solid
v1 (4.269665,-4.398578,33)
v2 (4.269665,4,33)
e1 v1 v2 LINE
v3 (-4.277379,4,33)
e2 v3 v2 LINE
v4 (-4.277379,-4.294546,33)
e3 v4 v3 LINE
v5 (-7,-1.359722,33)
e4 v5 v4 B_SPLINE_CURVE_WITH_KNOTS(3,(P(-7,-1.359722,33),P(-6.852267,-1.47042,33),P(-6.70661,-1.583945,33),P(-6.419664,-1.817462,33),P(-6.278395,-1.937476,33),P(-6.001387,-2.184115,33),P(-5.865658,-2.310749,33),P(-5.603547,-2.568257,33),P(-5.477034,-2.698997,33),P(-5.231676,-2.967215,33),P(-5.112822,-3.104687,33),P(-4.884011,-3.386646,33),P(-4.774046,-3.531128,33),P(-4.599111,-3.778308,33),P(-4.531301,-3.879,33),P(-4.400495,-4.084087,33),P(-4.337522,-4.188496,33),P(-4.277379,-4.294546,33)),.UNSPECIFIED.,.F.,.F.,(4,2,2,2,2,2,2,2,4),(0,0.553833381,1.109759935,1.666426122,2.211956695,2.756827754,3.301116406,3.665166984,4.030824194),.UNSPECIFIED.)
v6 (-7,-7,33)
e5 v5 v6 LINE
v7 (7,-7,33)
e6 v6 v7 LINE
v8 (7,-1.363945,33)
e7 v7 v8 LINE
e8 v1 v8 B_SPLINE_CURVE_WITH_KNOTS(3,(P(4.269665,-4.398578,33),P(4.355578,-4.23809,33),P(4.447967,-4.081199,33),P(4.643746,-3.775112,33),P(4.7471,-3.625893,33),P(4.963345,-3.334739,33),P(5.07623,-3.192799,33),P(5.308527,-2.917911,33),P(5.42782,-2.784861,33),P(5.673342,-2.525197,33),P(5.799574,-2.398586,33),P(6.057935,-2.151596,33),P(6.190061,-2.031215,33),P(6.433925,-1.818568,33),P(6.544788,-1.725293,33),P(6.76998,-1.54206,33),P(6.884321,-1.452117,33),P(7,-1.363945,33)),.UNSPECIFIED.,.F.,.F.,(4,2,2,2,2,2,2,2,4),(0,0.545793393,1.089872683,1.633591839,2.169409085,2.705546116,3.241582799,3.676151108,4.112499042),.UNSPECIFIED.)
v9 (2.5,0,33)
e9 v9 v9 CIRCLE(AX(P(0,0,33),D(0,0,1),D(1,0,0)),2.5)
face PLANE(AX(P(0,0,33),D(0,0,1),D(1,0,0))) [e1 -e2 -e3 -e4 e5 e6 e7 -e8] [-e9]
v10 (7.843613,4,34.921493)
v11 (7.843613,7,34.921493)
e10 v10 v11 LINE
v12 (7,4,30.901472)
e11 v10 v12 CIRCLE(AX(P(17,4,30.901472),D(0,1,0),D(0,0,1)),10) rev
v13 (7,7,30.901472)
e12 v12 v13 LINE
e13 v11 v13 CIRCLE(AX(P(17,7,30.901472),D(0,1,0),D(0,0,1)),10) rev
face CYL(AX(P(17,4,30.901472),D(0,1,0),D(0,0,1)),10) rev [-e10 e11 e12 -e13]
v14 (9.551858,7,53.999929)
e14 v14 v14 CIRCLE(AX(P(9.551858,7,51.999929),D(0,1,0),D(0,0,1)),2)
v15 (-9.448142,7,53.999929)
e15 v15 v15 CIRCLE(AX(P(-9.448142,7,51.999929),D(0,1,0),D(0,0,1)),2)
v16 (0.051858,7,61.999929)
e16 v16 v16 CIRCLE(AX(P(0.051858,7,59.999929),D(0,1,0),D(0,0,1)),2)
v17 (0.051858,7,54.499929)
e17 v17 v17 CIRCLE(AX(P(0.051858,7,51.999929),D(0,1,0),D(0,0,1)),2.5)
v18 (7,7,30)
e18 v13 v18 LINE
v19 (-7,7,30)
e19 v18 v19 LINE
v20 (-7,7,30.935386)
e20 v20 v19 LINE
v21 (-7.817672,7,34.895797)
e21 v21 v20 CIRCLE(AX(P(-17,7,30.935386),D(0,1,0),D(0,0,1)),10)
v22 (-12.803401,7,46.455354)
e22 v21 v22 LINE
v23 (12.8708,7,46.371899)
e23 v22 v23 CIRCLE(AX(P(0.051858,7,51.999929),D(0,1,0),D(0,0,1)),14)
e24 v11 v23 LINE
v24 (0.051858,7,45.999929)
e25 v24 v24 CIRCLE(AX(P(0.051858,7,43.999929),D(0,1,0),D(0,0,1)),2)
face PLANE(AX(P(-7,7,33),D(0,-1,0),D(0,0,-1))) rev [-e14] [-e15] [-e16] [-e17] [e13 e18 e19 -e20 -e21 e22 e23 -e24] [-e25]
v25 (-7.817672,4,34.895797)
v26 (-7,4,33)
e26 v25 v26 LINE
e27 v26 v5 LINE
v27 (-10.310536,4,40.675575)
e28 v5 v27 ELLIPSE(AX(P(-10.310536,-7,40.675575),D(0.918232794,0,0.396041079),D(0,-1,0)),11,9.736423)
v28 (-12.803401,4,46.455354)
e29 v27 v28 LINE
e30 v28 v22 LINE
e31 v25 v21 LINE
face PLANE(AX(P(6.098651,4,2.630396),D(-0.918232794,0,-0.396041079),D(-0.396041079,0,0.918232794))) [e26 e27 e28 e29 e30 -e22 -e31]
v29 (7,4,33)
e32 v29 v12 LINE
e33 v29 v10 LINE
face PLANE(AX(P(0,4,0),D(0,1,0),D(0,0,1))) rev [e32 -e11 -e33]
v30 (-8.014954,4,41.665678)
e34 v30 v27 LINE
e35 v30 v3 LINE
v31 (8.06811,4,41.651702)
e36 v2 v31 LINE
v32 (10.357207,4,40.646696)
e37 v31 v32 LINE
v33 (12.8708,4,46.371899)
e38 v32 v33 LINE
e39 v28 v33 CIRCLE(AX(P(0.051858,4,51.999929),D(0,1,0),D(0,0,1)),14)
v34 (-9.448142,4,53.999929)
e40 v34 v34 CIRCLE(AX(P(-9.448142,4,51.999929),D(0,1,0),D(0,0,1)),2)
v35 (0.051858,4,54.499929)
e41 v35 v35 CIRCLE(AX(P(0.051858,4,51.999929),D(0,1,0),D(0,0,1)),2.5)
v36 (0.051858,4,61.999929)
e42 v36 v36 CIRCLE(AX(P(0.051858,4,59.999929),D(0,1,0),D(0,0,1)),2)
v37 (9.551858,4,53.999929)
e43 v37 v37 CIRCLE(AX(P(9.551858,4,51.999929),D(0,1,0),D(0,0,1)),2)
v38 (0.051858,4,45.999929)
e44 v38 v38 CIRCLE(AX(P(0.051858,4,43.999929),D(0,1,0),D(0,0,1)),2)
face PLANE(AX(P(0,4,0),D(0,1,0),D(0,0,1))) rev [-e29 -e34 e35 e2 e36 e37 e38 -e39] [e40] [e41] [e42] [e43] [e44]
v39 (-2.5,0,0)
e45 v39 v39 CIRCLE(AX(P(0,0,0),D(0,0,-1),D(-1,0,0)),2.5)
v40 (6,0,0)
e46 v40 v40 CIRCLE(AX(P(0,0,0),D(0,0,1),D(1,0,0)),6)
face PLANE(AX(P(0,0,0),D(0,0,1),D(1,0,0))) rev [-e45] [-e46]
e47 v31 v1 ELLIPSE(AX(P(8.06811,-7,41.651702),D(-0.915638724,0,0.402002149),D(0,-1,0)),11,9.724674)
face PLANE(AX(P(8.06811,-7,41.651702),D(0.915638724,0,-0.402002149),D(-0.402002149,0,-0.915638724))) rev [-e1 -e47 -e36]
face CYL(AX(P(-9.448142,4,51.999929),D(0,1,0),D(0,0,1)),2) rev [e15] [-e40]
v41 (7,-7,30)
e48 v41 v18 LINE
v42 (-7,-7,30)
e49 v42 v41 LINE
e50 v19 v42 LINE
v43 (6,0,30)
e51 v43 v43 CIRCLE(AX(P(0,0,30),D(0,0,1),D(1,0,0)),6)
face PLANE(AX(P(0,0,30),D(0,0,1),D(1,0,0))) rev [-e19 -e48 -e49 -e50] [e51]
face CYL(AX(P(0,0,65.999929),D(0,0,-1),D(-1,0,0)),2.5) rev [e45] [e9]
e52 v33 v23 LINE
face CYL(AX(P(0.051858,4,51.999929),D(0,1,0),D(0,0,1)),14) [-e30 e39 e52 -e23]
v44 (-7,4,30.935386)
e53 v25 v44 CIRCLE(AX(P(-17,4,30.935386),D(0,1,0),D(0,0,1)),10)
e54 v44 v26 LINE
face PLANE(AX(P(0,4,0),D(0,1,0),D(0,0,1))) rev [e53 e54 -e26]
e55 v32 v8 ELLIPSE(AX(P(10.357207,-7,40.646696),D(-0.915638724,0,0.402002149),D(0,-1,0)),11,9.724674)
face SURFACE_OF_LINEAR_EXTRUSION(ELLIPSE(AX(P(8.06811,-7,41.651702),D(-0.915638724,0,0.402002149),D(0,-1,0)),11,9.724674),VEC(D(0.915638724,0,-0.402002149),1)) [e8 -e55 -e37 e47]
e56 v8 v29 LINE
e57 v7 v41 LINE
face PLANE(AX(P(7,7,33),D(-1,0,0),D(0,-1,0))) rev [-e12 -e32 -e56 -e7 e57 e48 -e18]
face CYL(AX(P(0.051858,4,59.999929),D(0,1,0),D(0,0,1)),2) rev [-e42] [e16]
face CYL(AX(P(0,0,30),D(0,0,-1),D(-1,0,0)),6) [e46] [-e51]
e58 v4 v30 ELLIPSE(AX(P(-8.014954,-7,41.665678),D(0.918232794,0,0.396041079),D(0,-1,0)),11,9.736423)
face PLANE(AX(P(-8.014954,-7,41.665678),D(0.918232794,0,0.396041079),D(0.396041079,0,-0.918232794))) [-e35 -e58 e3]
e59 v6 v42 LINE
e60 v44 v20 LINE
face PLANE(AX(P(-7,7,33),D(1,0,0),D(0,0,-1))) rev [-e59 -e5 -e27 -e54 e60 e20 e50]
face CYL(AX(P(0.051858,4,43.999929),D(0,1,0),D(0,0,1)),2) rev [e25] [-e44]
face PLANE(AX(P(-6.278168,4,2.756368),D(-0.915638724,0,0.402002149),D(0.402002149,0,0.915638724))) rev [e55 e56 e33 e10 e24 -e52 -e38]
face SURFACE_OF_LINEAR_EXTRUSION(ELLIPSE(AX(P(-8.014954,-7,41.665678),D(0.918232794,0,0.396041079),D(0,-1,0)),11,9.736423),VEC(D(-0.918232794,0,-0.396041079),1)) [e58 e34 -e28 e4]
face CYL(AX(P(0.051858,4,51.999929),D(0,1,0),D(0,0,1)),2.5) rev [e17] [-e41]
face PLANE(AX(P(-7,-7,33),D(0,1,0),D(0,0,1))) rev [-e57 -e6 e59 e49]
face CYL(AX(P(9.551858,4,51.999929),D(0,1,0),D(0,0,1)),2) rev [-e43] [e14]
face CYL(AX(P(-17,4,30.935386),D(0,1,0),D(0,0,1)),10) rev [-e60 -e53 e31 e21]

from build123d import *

# Parameters (mm, degrees)
SKETCH1_R                   = 6
ARM_INSERT_DEPTH            = 30
SKETCH2_W                   = 14
SKETCH2_H                   = 14
FACE_PLATE_DEPTH            = 3
SKETCH3_R                   = 2
SKETCH3_R_2                 = 2.5
MOTOR_MOUNT_DEPTH           = 3
MOTOR_MOUNT_SUPPORT_1_DEPTH = 2.5
MOTOR_MOUNT_SUPPORT_2_DEPTH = 2.5
SKETCH8_R                   = 2.5
LIGHTENING_HOLE_DEPTH       = 68.841325022


with BuildPart() as part:
    # Sketch1 → Arm Insert (new body)
    with BuildSketch(Plane.XY):
        Circle(SKETCH1_R)
    extrude(amount=ARM_INSERT_DEPTH)

    # Sketch2 → Face Plate (add)
    with BuildSketch(Plane.XY.offset(30)):
        Rectangle(SKETCH2_W, SKETCH2_H)
    extrude(amount=FACE_PLATE_DEPTH)

    # Sketch3 → Motor Mount (add)
    # profile 1 of 2: a face of its own
    with BuildSketch(Plane(origin=(0, 7, 0), x_dir=(1, 0, 0), z_dir=(0, 1, 0))):
        with BuildLine():
            ThreePointArc((-7, -30.935385736), (-7.206551185, -32.957355148), (-7.817672061, -34.895796524))
            Line((-7.817672061, -34.895796524), (-12.803400836, -46.455354126))
            ThreePointArc((-12.803400836, -46.455354126), (0.006350978, -38.000003191), (12.870800409, -46.371899141))
            Line((12.870800409, -46.371899141), (7.843612764, -34.921493496))
            ThreePointArc((7.843612764, -34.921493496), (7.213175378, -32.95526455), (7, -30.901472004))
            Line((7, -30.901472004), (7, -33))
            Line((7, -33), (-7, -33))
            Line((-7, -33), (-7, -30.935385736))
        make_face()
    # profile 2 of 2: a face of its own
    with BuildSketch(Plane(origin=(0, 7, 0), x_dir=(1, 0, 0), z_dir=(0, 1, 0))):
        with BuildLine():
            ThreePointArc((12.870800409, -46.371899141), (0.006350978, -38.000003191), (-12.803400836, -46.455354126))
            ThreePointArc((-12.803400836, -46.455354126), (-2.778898897, -65.710757571), (14.051858279, -51.999929229))
            ThreePointArc((14.051858279, -51.999929229), (13.75341275, -49.124619665), (12.870800409, -46.371899141))
        make_face()
        with Locations(Location((-9.448141721, -51.999929229, 0), (0, 0, 270))):
            Circle(SKETCH3_R, mode=Mode.SUBTRACT)
        with Locations(Location((0.051858279, -59.999929229, 0), (0, 0, 270))):
            Circle(SKETCH3_R, mode=Mode.SUBTRACT)
        with Locations(Location((0.051858279, -51.999929229, 0), (0, 0, 270))):
            Circle(SKETCH3_R_2, mode=Mode.SUBTRACT)
        with Locations(Location((9.551858279, -51.999929229, 0), (0, 0, 270))):
            Circle(SKETCH3_R, mode=Mode.SUBTRACT)
        with Locations(Location((0.051858279, -43.999929229, 0), (0, 0, 270))):
            Circle(SKETCH3_R, mode=Mode.SUBTRACT)
    extrude(amount=-MOTOR_MOUNT_DEPTH)

    # Sketch4 → Motor Mount Support 1 (add)
    with BuildSketch(Plane(origin=(6.098650662, 0, 2.630396348), x_dir=(-0.39604107883214285, 0, 0.9182327939457796), z_dir=(-0.9182327939457796, 0, -0.39604107883214285))):
        with BuildLine():
            Line((31.696620561, -7), (31.696620561, 4))
            Line((31.696620561, 4), (41.433043154, 4))
            add(Edge.make_bspline(
                [(41.433043154, 4), (31.696620561, 4), (31.696620561, -7)],
                knots=[3.141592654, 3.141592654, 3.141592654, 4.71238898, 4.71238898, 4.71238898], degree=2, weights=[1, 0.707106781, 1]))
        make_face()
    extrude(amount=-MOTOR_MOUNT_SUPPORT_1_DEPTH)

    # Sketch5 → Motor Mount Support 2 (add)
    with BuildSketch(Plane(origin=(-6.278168341, 0, 2.756367878), x_dir=(-0.402002149140903, 0, -0.9156387235619163), z_dir=(0.9156387235619163, 0, -0.402002149140903))):
        with BuildLine():
            Line((-31.656634836, -7), (-31.656634836, 4))
            Line((-31.656634836, 4), (-41.381308441, 4))
            add(Edge.make_bspline(
                [(-31.656634836, -7), (-31.656634836, 4), (-41.381308441, 4)],
                knots=[1.570796327, 1.570796327, 1.570796327, 3.141592654, 3.141592654, 3.141592654], degree=2, weights=[1, 0.707106781, 1]))
        make_face()
    extrude(amount=-MOTOR_MOUNT_SUPPORT_2_DEPTH)

    # Sketch8 → Lightening Hole (cut, through all)
    with BuildSketch(Plane(origin=(0, 0, 0), x_dir=(-1, 0, 0), z_dir=(0, 0, -1))):
        Circle(SKETCH8_R)
    extrude(amount=-LIGHTENING_HOLE_DEPTH, mode=Mode.SUBTRACT)


solid = part.part
